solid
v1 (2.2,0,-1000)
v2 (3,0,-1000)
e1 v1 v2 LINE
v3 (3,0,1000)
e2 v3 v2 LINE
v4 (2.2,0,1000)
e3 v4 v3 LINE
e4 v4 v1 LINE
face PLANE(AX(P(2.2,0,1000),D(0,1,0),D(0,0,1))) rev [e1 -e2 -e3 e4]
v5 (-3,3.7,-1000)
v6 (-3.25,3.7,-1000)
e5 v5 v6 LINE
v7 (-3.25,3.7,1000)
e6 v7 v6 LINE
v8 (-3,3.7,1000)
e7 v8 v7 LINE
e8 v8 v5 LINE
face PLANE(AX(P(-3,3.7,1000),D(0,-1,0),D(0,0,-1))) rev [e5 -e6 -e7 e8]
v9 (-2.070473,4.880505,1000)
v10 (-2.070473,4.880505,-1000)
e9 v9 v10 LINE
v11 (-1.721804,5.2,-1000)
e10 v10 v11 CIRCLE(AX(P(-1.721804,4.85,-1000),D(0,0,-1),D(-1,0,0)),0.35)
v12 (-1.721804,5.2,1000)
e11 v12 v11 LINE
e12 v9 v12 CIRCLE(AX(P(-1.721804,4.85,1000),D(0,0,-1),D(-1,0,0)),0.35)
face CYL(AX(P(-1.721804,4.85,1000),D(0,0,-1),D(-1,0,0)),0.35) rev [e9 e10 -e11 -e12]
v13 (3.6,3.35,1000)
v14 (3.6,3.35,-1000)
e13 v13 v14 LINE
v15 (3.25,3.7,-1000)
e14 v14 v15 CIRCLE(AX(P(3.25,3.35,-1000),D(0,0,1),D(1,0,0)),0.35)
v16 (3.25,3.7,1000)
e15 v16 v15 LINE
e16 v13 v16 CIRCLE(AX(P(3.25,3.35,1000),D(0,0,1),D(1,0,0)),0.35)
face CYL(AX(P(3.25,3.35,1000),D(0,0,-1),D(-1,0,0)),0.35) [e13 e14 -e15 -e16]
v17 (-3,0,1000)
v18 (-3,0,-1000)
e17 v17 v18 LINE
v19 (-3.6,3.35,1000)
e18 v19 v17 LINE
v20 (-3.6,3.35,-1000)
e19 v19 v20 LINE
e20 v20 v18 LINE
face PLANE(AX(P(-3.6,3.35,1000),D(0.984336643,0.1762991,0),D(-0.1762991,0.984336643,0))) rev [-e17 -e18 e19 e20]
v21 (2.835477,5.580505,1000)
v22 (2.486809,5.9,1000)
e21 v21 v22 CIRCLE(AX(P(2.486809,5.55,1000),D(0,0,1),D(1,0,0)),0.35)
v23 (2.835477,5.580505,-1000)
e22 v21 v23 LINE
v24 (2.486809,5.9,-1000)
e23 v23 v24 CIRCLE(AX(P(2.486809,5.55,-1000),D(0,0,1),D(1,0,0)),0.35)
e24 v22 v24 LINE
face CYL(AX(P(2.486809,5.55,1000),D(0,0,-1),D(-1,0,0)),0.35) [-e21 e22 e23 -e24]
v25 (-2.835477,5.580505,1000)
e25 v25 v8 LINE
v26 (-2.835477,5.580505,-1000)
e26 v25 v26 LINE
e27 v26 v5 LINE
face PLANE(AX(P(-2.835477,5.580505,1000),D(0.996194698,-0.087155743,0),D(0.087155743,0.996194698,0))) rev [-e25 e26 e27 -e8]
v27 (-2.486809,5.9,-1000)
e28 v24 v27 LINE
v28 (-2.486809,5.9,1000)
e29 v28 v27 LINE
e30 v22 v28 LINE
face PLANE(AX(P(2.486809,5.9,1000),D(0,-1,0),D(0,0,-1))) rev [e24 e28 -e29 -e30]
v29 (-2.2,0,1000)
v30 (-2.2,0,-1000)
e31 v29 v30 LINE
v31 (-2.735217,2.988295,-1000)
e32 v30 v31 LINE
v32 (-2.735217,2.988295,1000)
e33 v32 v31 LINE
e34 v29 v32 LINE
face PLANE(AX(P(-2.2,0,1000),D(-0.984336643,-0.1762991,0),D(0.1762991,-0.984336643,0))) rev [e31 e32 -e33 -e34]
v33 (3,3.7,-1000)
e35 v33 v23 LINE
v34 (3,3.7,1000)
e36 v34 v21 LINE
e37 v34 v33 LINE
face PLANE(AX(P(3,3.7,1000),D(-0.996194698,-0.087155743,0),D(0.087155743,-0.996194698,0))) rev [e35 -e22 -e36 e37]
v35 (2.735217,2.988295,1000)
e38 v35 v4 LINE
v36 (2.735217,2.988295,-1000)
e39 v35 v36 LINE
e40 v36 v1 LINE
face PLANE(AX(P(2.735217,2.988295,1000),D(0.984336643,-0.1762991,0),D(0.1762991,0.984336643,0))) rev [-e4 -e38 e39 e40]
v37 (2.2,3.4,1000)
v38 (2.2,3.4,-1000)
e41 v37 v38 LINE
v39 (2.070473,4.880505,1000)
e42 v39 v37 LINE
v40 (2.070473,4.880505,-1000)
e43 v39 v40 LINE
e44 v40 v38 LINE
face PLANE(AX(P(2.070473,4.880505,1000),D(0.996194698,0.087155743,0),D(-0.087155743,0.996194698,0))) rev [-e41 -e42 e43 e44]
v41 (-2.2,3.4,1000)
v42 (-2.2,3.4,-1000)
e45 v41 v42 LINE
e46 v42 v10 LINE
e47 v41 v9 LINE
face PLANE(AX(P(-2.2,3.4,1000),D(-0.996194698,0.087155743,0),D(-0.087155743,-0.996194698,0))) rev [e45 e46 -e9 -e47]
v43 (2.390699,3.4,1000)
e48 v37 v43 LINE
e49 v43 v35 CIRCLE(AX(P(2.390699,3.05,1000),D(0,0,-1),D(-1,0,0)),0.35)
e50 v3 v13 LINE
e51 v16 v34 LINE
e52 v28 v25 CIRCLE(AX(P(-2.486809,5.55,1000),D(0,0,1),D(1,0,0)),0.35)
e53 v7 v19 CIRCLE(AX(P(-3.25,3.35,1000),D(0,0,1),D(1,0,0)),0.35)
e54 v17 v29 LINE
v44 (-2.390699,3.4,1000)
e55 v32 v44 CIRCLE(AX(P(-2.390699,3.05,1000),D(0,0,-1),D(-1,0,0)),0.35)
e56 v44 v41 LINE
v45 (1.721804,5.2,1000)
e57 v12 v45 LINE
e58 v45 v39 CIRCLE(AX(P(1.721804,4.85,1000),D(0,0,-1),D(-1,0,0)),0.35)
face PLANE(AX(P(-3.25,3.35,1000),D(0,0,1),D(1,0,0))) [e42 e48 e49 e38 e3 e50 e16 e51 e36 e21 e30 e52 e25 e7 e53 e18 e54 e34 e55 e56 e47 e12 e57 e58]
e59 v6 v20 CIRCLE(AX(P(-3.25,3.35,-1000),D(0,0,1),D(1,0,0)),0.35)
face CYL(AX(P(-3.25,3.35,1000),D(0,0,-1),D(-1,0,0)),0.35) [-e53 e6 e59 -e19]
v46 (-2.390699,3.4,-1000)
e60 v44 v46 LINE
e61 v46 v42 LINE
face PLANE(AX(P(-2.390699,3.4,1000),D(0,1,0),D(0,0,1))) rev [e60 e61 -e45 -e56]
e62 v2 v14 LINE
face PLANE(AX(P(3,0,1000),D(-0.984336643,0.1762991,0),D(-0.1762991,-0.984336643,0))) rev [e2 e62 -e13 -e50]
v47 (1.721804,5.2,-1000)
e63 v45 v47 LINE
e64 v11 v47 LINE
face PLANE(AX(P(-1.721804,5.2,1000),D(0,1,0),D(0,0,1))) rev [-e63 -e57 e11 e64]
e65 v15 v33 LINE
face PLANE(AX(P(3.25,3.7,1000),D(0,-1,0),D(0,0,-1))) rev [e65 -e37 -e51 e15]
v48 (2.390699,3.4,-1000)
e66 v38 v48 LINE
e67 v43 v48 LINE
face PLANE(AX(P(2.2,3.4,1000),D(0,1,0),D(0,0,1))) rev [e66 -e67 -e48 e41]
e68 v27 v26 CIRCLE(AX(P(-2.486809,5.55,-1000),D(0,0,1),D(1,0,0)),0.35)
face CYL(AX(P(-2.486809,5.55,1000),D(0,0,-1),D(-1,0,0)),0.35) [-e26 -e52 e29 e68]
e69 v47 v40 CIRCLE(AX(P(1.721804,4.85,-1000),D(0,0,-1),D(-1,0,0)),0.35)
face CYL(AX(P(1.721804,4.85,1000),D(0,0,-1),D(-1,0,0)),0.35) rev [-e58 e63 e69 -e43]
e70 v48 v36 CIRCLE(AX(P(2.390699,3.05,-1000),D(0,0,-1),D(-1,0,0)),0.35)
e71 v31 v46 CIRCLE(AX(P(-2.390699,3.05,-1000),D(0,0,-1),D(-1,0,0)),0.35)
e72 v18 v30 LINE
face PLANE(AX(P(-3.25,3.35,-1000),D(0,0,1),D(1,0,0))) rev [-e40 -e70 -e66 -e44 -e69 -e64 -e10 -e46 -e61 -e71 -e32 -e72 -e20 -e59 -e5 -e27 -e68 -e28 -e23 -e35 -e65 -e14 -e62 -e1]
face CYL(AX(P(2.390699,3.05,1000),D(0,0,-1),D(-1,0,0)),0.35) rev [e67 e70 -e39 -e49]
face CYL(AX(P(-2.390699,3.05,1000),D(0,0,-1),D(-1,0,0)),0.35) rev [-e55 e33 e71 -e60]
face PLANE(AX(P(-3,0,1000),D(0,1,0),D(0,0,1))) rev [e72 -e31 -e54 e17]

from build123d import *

# Parameters (mm, degrees)
BOSS_EXTRUDE1_DEPTH      = 1000
BOSS_EXTRUDE1_DEPTH_BACK = 1000


with BuildPart() as part:
    # Sketch1 → Boss-Extrude1 (new, two sides: drawn at the far end of the back side and taken through both)
    with BuildSketch(Plane.XY.offset(-BOSS_EXTRUDE1_DEPTH_BACK)):
        with BuildLine():
            Line((-3.6, 3.35), (-3, 0))
            Line((-3, 0), (-2.2, 0))
            Line((-2.2, 0), (-2.735217071, 2.988295315))
            ThreePointArc((-2.735217071, 2.988295315), (-2.659117427, 3.274614514), (-2.390699246, 3.4))
            Line((-2.390699246, 3.4), (-2.2, 3.4))
            Line((-2.2, 3.4), (-2.070472639, 4.88050451))
            ThreePointArc((-2.070472639, 4.88050451), (-1.958261067, 5.108047068), (-1.721804495, 5.2))
            Line((-1.721804495, 5.2), (1.721804495, 5.2))
            ThreePointArc((1.721804495, 5.2), (1.958261067, 5.108047068), (2.070472639, 4.88050451))
            Line((2.070472639, 4.88050451), (2.2, 3.4))
            Line((2.2, 3.4), (2.390699246, 3.4))
            ThreePointArc((2.390699246, 3.4), (2.659117427, 3.274614514), (2.735217071, 2.988295315))
            Line((2.735217071, 2.988295315), (2.2, 0))
            Line((2.2, 0), (3, 0))
            Line((3, 0), (3.6, 3.35))
            ThreePointArc((3.6, 3.35), (3.497487373, 3.597487373), (3.25, 3.7))
            Line((3.25, 3.7), (3, 3.7))
            Line((3, 3.7), (2.835477174, 5.58050451))
            ThreePointArc((2.835477174, 5.58050451), (2.723265602, 5.808047068), (2.486809029, 5.9))
            Line((2.486809029, 5.9), (-2.486809029, 5.9))
            ThreePointArc((-2.486809029, 5.9), (-2.723265602, 5.808047068), (-2.835477174, 5.58050451))
            Line((-2.835477174, 5.58050451), (-3, 3.7))
            Line((-3, 3.7), (-3.25, 3.7))
            ThreePointArc((-3.25, 3.7), (-3.497487373, 3.597487373), (-3.6, 3.35))
        make_face()
    extrude(amount=BOSS_EXTRUDE1_DEPTH + BOSS_EXTRUDE1_DEPTH_BACK)


solid = part.part
